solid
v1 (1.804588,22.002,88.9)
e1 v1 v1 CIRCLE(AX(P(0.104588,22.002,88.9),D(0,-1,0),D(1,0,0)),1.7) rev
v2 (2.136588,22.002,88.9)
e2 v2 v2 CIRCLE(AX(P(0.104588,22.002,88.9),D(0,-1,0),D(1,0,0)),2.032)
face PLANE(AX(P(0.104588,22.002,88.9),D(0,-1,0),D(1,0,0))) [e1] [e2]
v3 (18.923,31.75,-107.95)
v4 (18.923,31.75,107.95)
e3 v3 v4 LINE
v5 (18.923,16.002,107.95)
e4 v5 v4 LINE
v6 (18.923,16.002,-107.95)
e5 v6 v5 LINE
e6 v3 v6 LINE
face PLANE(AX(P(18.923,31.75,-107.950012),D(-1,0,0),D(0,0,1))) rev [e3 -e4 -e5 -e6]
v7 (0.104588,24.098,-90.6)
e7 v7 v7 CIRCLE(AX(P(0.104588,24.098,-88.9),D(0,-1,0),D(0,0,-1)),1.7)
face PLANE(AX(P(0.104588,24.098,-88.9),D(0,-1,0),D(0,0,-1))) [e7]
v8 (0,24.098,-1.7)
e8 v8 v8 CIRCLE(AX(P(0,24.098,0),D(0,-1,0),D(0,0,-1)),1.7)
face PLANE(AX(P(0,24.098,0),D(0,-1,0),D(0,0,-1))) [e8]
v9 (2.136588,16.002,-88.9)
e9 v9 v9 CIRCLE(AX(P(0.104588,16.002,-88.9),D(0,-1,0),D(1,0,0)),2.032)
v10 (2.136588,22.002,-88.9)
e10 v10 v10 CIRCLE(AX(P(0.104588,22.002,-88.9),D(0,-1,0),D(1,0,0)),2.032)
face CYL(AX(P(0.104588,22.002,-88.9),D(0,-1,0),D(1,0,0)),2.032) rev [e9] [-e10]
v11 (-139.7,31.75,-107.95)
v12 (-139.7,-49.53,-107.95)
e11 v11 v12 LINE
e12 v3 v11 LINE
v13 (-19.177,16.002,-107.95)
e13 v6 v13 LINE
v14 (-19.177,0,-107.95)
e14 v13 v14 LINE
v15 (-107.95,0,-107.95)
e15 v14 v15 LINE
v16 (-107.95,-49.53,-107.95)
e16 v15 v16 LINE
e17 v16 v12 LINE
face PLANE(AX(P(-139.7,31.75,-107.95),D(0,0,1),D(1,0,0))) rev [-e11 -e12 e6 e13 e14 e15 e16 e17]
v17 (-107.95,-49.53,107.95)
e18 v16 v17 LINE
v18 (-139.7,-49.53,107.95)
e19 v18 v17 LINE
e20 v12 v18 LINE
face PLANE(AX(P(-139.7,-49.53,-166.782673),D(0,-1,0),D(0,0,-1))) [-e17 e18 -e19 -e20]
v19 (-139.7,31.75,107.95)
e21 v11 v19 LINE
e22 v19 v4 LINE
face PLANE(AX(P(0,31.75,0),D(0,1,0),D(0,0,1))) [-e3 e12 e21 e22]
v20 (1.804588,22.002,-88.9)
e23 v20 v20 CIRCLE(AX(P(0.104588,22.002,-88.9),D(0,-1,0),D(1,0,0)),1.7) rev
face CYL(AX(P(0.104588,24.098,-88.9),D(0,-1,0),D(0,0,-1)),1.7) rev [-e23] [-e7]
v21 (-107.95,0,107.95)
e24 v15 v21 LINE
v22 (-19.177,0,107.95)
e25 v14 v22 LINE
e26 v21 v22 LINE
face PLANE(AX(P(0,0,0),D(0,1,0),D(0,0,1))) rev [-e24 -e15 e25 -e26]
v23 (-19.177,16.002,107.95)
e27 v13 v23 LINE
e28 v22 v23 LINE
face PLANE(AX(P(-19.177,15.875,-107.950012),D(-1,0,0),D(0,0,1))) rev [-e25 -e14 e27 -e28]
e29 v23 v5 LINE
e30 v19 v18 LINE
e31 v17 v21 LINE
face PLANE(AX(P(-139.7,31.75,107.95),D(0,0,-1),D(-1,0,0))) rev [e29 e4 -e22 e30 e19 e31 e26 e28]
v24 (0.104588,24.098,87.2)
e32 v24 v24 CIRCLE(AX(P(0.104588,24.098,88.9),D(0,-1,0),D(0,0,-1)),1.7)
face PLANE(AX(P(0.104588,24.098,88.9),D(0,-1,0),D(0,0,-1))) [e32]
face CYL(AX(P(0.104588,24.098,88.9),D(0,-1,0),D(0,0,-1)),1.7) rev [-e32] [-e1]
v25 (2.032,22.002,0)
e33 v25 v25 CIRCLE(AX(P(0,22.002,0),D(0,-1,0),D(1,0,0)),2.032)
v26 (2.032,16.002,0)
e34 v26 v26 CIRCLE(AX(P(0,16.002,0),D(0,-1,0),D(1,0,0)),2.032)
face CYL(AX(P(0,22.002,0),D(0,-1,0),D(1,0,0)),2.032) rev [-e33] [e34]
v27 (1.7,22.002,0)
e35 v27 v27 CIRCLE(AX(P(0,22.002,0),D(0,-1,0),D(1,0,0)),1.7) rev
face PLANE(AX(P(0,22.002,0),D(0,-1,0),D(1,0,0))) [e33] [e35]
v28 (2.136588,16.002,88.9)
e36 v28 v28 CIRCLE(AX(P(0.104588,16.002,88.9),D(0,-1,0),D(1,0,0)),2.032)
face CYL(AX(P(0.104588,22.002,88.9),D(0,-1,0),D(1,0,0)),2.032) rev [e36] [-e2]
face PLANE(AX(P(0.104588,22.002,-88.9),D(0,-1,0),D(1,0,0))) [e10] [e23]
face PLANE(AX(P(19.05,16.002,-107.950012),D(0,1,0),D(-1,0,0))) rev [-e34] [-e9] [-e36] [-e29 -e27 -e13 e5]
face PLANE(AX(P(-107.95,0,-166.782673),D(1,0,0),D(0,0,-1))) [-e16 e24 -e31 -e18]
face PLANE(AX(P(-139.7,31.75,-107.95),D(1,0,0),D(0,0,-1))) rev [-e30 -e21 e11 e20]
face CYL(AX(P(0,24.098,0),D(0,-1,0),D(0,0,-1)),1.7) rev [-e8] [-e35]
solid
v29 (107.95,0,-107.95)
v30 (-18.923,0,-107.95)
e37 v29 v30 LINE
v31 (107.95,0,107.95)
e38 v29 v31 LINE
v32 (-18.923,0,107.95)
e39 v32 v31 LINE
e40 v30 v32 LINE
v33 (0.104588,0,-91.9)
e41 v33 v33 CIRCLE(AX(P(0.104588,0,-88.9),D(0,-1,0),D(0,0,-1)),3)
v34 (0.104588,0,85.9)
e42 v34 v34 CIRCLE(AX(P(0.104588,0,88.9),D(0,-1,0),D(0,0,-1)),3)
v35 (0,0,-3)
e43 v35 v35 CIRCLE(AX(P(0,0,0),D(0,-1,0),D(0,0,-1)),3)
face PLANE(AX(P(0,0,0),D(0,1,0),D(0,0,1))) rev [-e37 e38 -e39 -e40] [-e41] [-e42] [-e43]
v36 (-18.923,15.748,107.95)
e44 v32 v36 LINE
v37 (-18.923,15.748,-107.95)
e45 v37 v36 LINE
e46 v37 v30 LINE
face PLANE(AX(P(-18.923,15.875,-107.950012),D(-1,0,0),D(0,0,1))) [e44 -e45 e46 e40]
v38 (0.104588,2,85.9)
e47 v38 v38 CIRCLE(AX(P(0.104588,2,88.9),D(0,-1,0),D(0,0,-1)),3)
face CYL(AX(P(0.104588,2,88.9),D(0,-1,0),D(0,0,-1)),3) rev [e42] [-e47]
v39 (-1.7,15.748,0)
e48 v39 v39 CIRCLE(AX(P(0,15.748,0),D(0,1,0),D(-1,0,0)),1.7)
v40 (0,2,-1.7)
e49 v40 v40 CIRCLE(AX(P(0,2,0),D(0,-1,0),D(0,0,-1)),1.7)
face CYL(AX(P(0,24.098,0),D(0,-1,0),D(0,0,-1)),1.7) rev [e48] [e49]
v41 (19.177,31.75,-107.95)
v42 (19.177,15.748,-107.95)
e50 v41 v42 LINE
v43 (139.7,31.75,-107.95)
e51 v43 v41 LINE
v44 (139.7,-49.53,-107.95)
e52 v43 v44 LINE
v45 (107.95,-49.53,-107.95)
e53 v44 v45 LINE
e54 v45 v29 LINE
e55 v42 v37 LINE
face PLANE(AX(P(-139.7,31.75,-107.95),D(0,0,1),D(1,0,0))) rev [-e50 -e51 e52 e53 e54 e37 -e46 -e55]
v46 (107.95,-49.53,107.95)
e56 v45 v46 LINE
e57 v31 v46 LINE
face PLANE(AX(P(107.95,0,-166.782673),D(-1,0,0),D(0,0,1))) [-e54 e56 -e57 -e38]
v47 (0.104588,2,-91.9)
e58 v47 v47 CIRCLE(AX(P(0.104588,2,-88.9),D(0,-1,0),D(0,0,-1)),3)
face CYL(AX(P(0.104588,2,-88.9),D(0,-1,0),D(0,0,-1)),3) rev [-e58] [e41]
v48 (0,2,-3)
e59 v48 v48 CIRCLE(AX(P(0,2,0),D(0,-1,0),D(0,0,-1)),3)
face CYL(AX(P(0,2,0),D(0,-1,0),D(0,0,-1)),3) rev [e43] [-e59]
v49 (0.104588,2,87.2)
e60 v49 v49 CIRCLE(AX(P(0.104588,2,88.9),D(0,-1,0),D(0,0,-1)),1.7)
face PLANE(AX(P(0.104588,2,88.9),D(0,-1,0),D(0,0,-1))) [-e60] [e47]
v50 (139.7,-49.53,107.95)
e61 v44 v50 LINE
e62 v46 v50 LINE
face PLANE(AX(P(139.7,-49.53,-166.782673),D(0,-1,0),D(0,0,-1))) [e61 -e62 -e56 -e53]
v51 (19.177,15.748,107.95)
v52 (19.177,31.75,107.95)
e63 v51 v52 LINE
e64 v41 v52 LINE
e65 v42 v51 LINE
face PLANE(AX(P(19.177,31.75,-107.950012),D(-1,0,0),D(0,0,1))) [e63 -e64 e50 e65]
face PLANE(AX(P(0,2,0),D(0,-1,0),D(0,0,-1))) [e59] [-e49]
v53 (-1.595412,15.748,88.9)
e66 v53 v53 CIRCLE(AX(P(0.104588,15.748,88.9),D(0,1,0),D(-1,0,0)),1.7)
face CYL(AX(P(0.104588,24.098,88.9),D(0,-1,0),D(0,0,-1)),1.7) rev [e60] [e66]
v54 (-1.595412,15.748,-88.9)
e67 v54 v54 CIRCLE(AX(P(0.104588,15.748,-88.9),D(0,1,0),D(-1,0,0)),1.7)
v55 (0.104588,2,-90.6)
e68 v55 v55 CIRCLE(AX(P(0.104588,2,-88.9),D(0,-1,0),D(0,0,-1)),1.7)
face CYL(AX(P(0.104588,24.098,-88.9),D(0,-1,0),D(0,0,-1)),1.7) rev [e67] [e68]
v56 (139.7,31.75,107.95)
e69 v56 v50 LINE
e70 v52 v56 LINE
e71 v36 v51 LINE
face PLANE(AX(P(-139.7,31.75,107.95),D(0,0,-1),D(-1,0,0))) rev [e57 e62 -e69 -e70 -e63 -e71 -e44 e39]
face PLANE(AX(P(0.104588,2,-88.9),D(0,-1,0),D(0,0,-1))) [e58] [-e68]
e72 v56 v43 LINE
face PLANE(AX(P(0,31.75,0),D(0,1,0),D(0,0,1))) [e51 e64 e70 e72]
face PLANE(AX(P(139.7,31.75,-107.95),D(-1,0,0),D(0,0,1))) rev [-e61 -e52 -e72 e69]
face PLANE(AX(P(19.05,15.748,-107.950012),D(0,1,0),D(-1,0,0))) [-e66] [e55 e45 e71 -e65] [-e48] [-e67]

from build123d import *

# Parameters (mm, degrees)
SKETCH1_W                           = 279.4
SKETCH1_H                           = 215.9
BOSS_EXTRUDE1_DEPTH                 = 31.75
SKETCH2_W                           = 31.75
SKETCH2_H                           = 49.53
BOSS_EXTRUDE2_DEPTH                 = 215.9
CUT_EXTRUDE_THIN1_REACH             = 263.882
CUT_EXTRUDE_THIN1_DIRECTION_2_DEPTH = 262.881883489
SKETCH4_R                           = 3
CUT_EXTRUDE1_DEPTH                  = 2
SKETCH5_R                           = 1.7
CUT_EXTRUDE2_DEPTH                  = 22.098
SKETCH6_R                           = 2.032
CUT_EXTRUDE3_DEPTH                  = 6


with BuildPart() as part:
    # Sketch1 → Boss-Extrude1 (new body)
    with BuildSketch(Plane(origin=(0, 0, 0), x_dir=(1, 0, 0), z_dir=(0, 1, 0))):
        Rectangle(SKETCH1_W, SKETCH1_H)
    extrude(amount=BOSS_EXTRUDE1_DEPTH)

    # Sketch2 → Boss-Extrude2 (add)
    with BuildSketch(Plane.XY.offset(107.95)):
        with Locations((-123.825, -24.765)):
            Rectangle(SKETCH2_W, SKETCH2_H)
        with Locations((123.825, -24.765)):
            Rectangle(SKETCH2_W, SKETCH2_H)
    extrude(amount=-BOSS_EXTRUDE2_DEPTH)

    # Sketch3 → Cut-Extrude-Thin1 (cut, up to next)
    with BuildSketch(Plane(origin=(0, 0, -107.95), x_dir=(-1, 0, 0), z_dir=(0, 0, -1)), mode=Mode.PRIVATE) as cut_extrude_thin1_sk1:
        Polygon((-19.177, 31.75), (-19.177, 15.748), (18.923, 15.748), (18.923, 0), (19.177, 0), (19.177, 16.002), (-18.923, 16.002), (-18.923, 31.75), align=None)
    cut_extrude_thin1_tool1 = extrude(cut_extrude_thin1_sk1.sketch, amount=-CUT_EXTRUDE_THIN1_REACH, mode=Mode.PRIVATE) & part.part
    add(cut_extrude_thin1_tool1.solids().sort_by_distance((0, 15.875, -107.95))[0], mode=Mode.SUBTRACT)

    # Sketch3 → Cut-Extrude-Thin1 direction 2 (cut)
    with BuildSketch(Plane(origin=(0, 0, -107.95), x_dir=(-1, 0, 0), z_dir=(0, 0, -1))):
        Polygon((-19.177, 31.75), (-19.177, 15.748), (18.923, 15.748), (18.923, 0), (19.177, 0), (19.177, 16.002), (-18.923, 16.002), (-18.923, 31.75), align=None)
    extrude(amount=CUT_EXTRUDE_THIN1_DIRECTION_2_DEPTH, mode=Mode.SUBTRACT)


with BuildPart() as cut_extrude_thin1_piece_1:
    # of the separate pieces the step leaves, piece 1, a body of its own (cut_extrude_thin1_pieces)
    add(part.part.solids().sort_by_distance((19.177, 31.75, -107.95))[0])

    # Sketch4 → Cut-Extrude1 (cut)
    with BuildSketch(Plane.XZ):
        with Locations(Location((0, 0, 0), (0, 0, 270))):
            Circle(SKETCH4_R)
        with Locations(Location((0.104588235, 88.9, 0), (0, 0, 270))):
            Circle(SKETCH4_R)
        with Locations(Location((0.104588235, -88.9, 0), (0, 0, 270))):
            Circle(SKETCH4_R)
    extrude(amount=-CUT_EXTRUDE1_DEPTH, mode=Mode.SUBTRACT)


with BuildPart() as cut_extrude_thin1_piece_2:
    # of the separate pieces the step leaves, piece 2, a body of its own (cut_extrude_thin1_pieces)
    add(part.part.solids().sort_by_distance((-139.7, -49.53, -107.95))[0])


with BuildPart() as cut_extrude2_tool:
    # Sketch5 → Cut-Extrude2 (new body)
    with BuildSketch(Plane(origin=(0, 2, 0), x_dir=(-1, 0, 0), z_dir=(0, -1, 0))):
        with Locations(Location((-0.104588235, -88.9, 0), (0, 0, 90))):
            Circle(SKETCH5_R)
        with Locations(Location((0, 0, 0), (0, 0, 90))):
            Circle(SKETCH5_R)
        with Locations(Location((-0.104588235, 88.9, 0), (0, 0, 90))):
            Circle(SKETCH5_R)
    extrude(amount=-CUT_EXTRUDE2_DEPTH)


with BuildPart() as cut_extrude_thin1_piece_1_1:
    add(cut_extrude_thin1_piece_1.part)

    # Cut-Extrude2: cut by cut_extrude2_tool
    add(cut_extrude2_tool.part, mode=Mode.SUBTRACT)


with BuildPart() as cut_extrude_thin1_piece_2_1:
    add(cut_extrude_thin1_piece_2.part)

    # Cut-Extrude2: cut by cut_extrude2_tool
    add(cut_extrude2_tool.part, mode=Mode.SUBTRACT)

    # Sketch6 → Cut-Extrude3 (cut)
    with BuildSketch(Plane.XZ.offset(-16.002)):
        with Locations((0.104588235, 88.9)):
            Circle(SKETCH6_R)
        Circle(SKETCH6_R)
        with Locations((0.104588235, -88.9)):
            Circle(SKETCH6_R)
    extrude(amount=-CUT_EXTRUDE3_DEPTH, mode=Mode.SUBTRACT)


solid = Compound([cut_extrude_thin1_piece_1_1.part, cut_extrude_thin1_piece_2_1.part])
